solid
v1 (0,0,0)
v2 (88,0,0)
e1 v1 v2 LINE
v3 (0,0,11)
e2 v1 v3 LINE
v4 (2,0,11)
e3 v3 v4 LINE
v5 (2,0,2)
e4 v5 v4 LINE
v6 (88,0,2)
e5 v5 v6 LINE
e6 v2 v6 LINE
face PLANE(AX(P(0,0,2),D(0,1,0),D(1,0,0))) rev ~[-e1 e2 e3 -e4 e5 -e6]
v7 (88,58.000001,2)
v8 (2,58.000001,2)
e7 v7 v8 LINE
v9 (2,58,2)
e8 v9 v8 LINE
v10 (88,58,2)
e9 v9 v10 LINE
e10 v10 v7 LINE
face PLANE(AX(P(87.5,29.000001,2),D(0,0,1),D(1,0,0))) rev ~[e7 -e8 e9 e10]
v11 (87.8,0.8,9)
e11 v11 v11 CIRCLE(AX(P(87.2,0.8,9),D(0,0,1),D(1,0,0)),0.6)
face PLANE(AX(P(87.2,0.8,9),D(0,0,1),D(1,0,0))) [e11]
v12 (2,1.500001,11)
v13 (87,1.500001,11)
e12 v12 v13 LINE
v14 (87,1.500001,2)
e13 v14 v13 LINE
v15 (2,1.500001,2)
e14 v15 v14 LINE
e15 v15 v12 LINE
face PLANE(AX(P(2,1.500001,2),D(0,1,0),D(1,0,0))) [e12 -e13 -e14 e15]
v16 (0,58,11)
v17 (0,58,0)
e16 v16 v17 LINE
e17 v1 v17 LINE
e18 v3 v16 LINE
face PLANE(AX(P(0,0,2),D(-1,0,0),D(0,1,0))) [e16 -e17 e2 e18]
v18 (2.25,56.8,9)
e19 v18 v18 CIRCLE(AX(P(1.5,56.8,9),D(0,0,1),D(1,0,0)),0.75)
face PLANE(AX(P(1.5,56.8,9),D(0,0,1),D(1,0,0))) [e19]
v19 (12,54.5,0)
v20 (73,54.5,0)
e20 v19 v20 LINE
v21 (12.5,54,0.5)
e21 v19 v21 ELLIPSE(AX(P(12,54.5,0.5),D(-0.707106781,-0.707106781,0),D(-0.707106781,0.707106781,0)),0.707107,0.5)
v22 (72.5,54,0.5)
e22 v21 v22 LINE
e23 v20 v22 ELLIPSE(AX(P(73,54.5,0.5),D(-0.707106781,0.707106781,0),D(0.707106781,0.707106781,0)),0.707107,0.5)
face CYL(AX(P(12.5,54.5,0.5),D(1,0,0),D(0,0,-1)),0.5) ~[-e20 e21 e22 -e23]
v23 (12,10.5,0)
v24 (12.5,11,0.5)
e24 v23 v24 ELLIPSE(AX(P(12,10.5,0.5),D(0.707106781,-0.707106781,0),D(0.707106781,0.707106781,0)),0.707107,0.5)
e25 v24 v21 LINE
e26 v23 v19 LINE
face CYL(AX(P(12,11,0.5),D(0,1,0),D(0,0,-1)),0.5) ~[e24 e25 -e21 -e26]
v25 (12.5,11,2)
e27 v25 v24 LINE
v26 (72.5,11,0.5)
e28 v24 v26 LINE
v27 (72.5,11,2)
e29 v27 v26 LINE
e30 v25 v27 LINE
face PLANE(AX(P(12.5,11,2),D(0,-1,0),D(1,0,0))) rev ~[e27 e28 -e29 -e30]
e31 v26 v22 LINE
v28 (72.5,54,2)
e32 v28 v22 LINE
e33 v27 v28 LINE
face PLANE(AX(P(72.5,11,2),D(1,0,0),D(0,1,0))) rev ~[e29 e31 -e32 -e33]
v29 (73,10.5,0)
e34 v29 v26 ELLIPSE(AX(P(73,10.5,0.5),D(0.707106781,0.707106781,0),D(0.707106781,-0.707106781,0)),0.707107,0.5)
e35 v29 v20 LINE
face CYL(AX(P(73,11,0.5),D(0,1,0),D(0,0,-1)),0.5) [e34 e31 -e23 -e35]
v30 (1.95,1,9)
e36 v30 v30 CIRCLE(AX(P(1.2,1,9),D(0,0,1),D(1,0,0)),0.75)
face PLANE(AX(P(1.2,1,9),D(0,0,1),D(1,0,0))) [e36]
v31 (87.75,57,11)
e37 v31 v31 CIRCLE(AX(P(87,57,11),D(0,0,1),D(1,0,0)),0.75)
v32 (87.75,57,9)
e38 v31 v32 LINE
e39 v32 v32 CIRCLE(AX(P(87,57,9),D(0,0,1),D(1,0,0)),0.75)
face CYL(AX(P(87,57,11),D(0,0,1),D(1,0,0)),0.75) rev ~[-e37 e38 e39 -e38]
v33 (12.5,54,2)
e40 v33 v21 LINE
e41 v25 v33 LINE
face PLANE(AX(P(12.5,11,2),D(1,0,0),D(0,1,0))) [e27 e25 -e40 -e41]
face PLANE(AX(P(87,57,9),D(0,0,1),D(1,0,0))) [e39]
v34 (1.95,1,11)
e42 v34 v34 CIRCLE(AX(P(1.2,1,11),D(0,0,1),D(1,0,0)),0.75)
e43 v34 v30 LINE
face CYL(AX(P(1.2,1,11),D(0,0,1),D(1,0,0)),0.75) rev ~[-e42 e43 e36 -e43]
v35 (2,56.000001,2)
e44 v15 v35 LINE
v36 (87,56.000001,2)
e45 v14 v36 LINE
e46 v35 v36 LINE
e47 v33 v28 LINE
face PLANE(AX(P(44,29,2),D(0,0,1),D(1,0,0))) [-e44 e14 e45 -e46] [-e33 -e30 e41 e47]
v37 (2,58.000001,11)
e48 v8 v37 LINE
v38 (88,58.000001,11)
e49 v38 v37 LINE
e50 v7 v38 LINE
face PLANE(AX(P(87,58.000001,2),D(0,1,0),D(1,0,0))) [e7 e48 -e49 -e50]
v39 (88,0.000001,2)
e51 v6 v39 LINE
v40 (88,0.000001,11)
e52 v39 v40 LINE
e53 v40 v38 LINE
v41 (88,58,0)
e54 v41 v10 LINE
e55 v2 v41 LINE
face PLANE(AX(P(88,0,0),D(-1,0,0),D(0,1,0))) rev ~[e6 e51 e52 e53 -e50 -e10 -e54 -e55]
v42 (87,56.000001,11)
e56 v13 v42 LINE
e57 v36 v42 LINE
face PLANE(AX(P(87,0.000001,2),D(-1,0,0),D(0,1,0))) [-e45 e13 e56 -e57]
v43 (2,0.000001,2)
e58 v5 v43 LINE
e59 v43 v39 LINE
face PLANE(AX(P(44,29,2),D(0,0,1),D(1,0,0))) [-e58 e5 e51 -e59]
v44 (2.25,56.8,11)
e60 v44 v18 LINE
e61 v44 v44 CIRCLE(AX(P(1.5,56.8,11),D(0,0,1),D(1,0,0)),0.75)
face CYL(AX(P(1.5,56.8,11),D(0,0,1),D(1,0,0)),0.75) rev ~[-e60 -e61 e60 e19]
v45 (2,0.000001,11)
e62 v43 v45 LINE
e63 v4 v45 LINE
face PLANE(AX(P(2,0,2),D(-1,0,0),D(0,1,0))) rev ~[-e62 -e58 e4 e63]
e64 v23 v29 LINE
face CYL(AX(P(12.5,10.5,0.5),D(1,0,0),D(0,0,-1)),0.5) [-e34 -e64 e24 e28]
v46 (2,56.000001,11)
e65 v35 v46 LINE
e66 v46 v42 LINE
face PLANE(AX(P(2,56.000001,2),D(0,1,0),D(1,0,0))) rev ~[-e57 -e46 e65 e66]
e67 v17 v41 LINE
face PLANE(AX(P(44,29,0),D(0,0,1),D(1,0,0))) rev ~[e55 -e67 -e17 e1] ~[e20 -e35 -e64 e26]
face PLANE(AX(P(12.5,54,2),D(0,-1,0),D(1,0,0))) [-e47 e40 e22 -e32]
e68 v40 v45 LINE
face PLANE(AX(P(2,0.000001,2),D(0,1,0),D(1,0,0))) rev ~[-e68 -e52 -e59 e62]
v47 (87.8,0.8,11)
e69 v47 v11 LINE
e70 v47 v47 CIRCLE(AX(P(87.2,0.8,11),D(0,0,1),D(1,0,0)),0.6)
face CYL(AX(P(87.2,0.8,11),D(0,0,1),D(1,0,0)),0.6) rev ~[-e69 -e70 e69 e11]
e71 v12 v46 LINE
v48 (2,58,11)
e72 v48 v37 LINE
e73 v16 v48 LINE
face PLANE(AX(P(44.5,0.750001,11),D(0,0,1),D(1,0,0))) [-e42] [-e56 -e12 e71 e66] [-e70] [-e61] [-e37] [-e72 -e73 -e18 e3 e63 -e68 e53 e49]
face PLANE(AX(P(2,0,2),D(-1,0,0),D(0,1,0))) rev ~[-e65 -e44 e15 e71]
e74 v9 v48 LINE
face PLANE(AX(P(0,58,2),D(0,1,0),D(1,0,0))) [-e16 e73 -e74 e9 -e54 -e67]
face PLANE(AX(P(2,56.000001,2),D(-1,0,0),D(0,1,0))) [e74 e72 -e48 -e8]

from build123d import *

# Parameters (mm, degrees)
SKETCH_W        = 88
SKETCH_H        = 58
PAD_DEPTH       = 2
SKETCH001_W     = 2
SKETCH001_H     = 58
SKETCH001_W_2   = 1
PAD001_DEPTH    = 9
SKETCH002_W     = 85
SKETCH002_H     = 1.5
SKETCH002_H_2   = 2
PAD002_DEPTH    = 9
SKETCH003_W     = 60
SKETCH003_H     = 43
POCKET_DEPTH    = 2
FILLET_R        = 0.5
SKETCH004_R     = 0.75
SKETCH004_R_2   = 0.6
POCKET001_DEPTH = 2


with BuildPart() as part:
    # Sketch → Pad (new body)
    with BuildSketch(Plane.XY):
        with Locations((44, 29)):
            Rectangle(SKETCH_W, SKETCH_H)
    extrude(amount=PAD_DEPTH)

    # Sketch001 (on Face6 of Pad) → Pad001 (join)
    with BuildSketch(Plane.XY.offset(2)):
        with Locations((1, 29)):
            Rectangle(SKETCH001_W, SKETCH001_H)
        with Locations((87.5, 29.000001)):
            Rectangle(SKETCH001_W_2, SKETCH001_H)
    extrude(amount=PAD001_DEPTH)

    # Sketch002 (on Face6 of Pad001) → Pad002 (join)
    with BuildSketch(Plane.XY.offset(2)):
        with Locations((44.5, 0.750001)):
            Rectangle(SKETCH002_W, SKETCH002_H)
        with Locations((44.5, 57.000001)):
            Rectangle(SKETCH002_W, SKETCH002_H_2)
    extrude(amount=PAD002_DEPTH)

    # Sketch003 (on Face21 of Pad002) → Pocket (cut)
    with BuildSketch(Plane.XY.offset(2)):
        with Locations((42.5, 32.5)):
            Rectangle(SKETCH003_W, SKETCH003_H)
    extrude(amount=-POCKET_DEPTH, mode=Mode.SUBTRACT)

    # Fillet
    fillet_edges = [part.edges().sort_by_distance(p)[0] for p in [
        (12.5, 32.5, 0),
        (42.5, 11, 0),
        (42.5, 54, 0),
        (72.5, 32.5, 0),
    ]]
    fillet(fillet_edges, radius=FILLET_R)

    # Sketch004 (on Face23 of Fillet) → Pocket001 (cut)
    with BuildSketch(Plane.XY.offset(11)):
        with Locations((1.2, 1)):
            Circle(SKETCH004_R)
        with Locations((1.5, 56.8)):
            Circle(SKETCH004_R)
        with Locations((87.2, 0.8)):
            Circle(SKETCH004_R_2)
        with Locations((87, 57)):
            Circle(SKETCH004_R)
    extrude(amount=-POCKET001_DEPTH, mode=Mode.SUBTRACT)


solid = part.part
